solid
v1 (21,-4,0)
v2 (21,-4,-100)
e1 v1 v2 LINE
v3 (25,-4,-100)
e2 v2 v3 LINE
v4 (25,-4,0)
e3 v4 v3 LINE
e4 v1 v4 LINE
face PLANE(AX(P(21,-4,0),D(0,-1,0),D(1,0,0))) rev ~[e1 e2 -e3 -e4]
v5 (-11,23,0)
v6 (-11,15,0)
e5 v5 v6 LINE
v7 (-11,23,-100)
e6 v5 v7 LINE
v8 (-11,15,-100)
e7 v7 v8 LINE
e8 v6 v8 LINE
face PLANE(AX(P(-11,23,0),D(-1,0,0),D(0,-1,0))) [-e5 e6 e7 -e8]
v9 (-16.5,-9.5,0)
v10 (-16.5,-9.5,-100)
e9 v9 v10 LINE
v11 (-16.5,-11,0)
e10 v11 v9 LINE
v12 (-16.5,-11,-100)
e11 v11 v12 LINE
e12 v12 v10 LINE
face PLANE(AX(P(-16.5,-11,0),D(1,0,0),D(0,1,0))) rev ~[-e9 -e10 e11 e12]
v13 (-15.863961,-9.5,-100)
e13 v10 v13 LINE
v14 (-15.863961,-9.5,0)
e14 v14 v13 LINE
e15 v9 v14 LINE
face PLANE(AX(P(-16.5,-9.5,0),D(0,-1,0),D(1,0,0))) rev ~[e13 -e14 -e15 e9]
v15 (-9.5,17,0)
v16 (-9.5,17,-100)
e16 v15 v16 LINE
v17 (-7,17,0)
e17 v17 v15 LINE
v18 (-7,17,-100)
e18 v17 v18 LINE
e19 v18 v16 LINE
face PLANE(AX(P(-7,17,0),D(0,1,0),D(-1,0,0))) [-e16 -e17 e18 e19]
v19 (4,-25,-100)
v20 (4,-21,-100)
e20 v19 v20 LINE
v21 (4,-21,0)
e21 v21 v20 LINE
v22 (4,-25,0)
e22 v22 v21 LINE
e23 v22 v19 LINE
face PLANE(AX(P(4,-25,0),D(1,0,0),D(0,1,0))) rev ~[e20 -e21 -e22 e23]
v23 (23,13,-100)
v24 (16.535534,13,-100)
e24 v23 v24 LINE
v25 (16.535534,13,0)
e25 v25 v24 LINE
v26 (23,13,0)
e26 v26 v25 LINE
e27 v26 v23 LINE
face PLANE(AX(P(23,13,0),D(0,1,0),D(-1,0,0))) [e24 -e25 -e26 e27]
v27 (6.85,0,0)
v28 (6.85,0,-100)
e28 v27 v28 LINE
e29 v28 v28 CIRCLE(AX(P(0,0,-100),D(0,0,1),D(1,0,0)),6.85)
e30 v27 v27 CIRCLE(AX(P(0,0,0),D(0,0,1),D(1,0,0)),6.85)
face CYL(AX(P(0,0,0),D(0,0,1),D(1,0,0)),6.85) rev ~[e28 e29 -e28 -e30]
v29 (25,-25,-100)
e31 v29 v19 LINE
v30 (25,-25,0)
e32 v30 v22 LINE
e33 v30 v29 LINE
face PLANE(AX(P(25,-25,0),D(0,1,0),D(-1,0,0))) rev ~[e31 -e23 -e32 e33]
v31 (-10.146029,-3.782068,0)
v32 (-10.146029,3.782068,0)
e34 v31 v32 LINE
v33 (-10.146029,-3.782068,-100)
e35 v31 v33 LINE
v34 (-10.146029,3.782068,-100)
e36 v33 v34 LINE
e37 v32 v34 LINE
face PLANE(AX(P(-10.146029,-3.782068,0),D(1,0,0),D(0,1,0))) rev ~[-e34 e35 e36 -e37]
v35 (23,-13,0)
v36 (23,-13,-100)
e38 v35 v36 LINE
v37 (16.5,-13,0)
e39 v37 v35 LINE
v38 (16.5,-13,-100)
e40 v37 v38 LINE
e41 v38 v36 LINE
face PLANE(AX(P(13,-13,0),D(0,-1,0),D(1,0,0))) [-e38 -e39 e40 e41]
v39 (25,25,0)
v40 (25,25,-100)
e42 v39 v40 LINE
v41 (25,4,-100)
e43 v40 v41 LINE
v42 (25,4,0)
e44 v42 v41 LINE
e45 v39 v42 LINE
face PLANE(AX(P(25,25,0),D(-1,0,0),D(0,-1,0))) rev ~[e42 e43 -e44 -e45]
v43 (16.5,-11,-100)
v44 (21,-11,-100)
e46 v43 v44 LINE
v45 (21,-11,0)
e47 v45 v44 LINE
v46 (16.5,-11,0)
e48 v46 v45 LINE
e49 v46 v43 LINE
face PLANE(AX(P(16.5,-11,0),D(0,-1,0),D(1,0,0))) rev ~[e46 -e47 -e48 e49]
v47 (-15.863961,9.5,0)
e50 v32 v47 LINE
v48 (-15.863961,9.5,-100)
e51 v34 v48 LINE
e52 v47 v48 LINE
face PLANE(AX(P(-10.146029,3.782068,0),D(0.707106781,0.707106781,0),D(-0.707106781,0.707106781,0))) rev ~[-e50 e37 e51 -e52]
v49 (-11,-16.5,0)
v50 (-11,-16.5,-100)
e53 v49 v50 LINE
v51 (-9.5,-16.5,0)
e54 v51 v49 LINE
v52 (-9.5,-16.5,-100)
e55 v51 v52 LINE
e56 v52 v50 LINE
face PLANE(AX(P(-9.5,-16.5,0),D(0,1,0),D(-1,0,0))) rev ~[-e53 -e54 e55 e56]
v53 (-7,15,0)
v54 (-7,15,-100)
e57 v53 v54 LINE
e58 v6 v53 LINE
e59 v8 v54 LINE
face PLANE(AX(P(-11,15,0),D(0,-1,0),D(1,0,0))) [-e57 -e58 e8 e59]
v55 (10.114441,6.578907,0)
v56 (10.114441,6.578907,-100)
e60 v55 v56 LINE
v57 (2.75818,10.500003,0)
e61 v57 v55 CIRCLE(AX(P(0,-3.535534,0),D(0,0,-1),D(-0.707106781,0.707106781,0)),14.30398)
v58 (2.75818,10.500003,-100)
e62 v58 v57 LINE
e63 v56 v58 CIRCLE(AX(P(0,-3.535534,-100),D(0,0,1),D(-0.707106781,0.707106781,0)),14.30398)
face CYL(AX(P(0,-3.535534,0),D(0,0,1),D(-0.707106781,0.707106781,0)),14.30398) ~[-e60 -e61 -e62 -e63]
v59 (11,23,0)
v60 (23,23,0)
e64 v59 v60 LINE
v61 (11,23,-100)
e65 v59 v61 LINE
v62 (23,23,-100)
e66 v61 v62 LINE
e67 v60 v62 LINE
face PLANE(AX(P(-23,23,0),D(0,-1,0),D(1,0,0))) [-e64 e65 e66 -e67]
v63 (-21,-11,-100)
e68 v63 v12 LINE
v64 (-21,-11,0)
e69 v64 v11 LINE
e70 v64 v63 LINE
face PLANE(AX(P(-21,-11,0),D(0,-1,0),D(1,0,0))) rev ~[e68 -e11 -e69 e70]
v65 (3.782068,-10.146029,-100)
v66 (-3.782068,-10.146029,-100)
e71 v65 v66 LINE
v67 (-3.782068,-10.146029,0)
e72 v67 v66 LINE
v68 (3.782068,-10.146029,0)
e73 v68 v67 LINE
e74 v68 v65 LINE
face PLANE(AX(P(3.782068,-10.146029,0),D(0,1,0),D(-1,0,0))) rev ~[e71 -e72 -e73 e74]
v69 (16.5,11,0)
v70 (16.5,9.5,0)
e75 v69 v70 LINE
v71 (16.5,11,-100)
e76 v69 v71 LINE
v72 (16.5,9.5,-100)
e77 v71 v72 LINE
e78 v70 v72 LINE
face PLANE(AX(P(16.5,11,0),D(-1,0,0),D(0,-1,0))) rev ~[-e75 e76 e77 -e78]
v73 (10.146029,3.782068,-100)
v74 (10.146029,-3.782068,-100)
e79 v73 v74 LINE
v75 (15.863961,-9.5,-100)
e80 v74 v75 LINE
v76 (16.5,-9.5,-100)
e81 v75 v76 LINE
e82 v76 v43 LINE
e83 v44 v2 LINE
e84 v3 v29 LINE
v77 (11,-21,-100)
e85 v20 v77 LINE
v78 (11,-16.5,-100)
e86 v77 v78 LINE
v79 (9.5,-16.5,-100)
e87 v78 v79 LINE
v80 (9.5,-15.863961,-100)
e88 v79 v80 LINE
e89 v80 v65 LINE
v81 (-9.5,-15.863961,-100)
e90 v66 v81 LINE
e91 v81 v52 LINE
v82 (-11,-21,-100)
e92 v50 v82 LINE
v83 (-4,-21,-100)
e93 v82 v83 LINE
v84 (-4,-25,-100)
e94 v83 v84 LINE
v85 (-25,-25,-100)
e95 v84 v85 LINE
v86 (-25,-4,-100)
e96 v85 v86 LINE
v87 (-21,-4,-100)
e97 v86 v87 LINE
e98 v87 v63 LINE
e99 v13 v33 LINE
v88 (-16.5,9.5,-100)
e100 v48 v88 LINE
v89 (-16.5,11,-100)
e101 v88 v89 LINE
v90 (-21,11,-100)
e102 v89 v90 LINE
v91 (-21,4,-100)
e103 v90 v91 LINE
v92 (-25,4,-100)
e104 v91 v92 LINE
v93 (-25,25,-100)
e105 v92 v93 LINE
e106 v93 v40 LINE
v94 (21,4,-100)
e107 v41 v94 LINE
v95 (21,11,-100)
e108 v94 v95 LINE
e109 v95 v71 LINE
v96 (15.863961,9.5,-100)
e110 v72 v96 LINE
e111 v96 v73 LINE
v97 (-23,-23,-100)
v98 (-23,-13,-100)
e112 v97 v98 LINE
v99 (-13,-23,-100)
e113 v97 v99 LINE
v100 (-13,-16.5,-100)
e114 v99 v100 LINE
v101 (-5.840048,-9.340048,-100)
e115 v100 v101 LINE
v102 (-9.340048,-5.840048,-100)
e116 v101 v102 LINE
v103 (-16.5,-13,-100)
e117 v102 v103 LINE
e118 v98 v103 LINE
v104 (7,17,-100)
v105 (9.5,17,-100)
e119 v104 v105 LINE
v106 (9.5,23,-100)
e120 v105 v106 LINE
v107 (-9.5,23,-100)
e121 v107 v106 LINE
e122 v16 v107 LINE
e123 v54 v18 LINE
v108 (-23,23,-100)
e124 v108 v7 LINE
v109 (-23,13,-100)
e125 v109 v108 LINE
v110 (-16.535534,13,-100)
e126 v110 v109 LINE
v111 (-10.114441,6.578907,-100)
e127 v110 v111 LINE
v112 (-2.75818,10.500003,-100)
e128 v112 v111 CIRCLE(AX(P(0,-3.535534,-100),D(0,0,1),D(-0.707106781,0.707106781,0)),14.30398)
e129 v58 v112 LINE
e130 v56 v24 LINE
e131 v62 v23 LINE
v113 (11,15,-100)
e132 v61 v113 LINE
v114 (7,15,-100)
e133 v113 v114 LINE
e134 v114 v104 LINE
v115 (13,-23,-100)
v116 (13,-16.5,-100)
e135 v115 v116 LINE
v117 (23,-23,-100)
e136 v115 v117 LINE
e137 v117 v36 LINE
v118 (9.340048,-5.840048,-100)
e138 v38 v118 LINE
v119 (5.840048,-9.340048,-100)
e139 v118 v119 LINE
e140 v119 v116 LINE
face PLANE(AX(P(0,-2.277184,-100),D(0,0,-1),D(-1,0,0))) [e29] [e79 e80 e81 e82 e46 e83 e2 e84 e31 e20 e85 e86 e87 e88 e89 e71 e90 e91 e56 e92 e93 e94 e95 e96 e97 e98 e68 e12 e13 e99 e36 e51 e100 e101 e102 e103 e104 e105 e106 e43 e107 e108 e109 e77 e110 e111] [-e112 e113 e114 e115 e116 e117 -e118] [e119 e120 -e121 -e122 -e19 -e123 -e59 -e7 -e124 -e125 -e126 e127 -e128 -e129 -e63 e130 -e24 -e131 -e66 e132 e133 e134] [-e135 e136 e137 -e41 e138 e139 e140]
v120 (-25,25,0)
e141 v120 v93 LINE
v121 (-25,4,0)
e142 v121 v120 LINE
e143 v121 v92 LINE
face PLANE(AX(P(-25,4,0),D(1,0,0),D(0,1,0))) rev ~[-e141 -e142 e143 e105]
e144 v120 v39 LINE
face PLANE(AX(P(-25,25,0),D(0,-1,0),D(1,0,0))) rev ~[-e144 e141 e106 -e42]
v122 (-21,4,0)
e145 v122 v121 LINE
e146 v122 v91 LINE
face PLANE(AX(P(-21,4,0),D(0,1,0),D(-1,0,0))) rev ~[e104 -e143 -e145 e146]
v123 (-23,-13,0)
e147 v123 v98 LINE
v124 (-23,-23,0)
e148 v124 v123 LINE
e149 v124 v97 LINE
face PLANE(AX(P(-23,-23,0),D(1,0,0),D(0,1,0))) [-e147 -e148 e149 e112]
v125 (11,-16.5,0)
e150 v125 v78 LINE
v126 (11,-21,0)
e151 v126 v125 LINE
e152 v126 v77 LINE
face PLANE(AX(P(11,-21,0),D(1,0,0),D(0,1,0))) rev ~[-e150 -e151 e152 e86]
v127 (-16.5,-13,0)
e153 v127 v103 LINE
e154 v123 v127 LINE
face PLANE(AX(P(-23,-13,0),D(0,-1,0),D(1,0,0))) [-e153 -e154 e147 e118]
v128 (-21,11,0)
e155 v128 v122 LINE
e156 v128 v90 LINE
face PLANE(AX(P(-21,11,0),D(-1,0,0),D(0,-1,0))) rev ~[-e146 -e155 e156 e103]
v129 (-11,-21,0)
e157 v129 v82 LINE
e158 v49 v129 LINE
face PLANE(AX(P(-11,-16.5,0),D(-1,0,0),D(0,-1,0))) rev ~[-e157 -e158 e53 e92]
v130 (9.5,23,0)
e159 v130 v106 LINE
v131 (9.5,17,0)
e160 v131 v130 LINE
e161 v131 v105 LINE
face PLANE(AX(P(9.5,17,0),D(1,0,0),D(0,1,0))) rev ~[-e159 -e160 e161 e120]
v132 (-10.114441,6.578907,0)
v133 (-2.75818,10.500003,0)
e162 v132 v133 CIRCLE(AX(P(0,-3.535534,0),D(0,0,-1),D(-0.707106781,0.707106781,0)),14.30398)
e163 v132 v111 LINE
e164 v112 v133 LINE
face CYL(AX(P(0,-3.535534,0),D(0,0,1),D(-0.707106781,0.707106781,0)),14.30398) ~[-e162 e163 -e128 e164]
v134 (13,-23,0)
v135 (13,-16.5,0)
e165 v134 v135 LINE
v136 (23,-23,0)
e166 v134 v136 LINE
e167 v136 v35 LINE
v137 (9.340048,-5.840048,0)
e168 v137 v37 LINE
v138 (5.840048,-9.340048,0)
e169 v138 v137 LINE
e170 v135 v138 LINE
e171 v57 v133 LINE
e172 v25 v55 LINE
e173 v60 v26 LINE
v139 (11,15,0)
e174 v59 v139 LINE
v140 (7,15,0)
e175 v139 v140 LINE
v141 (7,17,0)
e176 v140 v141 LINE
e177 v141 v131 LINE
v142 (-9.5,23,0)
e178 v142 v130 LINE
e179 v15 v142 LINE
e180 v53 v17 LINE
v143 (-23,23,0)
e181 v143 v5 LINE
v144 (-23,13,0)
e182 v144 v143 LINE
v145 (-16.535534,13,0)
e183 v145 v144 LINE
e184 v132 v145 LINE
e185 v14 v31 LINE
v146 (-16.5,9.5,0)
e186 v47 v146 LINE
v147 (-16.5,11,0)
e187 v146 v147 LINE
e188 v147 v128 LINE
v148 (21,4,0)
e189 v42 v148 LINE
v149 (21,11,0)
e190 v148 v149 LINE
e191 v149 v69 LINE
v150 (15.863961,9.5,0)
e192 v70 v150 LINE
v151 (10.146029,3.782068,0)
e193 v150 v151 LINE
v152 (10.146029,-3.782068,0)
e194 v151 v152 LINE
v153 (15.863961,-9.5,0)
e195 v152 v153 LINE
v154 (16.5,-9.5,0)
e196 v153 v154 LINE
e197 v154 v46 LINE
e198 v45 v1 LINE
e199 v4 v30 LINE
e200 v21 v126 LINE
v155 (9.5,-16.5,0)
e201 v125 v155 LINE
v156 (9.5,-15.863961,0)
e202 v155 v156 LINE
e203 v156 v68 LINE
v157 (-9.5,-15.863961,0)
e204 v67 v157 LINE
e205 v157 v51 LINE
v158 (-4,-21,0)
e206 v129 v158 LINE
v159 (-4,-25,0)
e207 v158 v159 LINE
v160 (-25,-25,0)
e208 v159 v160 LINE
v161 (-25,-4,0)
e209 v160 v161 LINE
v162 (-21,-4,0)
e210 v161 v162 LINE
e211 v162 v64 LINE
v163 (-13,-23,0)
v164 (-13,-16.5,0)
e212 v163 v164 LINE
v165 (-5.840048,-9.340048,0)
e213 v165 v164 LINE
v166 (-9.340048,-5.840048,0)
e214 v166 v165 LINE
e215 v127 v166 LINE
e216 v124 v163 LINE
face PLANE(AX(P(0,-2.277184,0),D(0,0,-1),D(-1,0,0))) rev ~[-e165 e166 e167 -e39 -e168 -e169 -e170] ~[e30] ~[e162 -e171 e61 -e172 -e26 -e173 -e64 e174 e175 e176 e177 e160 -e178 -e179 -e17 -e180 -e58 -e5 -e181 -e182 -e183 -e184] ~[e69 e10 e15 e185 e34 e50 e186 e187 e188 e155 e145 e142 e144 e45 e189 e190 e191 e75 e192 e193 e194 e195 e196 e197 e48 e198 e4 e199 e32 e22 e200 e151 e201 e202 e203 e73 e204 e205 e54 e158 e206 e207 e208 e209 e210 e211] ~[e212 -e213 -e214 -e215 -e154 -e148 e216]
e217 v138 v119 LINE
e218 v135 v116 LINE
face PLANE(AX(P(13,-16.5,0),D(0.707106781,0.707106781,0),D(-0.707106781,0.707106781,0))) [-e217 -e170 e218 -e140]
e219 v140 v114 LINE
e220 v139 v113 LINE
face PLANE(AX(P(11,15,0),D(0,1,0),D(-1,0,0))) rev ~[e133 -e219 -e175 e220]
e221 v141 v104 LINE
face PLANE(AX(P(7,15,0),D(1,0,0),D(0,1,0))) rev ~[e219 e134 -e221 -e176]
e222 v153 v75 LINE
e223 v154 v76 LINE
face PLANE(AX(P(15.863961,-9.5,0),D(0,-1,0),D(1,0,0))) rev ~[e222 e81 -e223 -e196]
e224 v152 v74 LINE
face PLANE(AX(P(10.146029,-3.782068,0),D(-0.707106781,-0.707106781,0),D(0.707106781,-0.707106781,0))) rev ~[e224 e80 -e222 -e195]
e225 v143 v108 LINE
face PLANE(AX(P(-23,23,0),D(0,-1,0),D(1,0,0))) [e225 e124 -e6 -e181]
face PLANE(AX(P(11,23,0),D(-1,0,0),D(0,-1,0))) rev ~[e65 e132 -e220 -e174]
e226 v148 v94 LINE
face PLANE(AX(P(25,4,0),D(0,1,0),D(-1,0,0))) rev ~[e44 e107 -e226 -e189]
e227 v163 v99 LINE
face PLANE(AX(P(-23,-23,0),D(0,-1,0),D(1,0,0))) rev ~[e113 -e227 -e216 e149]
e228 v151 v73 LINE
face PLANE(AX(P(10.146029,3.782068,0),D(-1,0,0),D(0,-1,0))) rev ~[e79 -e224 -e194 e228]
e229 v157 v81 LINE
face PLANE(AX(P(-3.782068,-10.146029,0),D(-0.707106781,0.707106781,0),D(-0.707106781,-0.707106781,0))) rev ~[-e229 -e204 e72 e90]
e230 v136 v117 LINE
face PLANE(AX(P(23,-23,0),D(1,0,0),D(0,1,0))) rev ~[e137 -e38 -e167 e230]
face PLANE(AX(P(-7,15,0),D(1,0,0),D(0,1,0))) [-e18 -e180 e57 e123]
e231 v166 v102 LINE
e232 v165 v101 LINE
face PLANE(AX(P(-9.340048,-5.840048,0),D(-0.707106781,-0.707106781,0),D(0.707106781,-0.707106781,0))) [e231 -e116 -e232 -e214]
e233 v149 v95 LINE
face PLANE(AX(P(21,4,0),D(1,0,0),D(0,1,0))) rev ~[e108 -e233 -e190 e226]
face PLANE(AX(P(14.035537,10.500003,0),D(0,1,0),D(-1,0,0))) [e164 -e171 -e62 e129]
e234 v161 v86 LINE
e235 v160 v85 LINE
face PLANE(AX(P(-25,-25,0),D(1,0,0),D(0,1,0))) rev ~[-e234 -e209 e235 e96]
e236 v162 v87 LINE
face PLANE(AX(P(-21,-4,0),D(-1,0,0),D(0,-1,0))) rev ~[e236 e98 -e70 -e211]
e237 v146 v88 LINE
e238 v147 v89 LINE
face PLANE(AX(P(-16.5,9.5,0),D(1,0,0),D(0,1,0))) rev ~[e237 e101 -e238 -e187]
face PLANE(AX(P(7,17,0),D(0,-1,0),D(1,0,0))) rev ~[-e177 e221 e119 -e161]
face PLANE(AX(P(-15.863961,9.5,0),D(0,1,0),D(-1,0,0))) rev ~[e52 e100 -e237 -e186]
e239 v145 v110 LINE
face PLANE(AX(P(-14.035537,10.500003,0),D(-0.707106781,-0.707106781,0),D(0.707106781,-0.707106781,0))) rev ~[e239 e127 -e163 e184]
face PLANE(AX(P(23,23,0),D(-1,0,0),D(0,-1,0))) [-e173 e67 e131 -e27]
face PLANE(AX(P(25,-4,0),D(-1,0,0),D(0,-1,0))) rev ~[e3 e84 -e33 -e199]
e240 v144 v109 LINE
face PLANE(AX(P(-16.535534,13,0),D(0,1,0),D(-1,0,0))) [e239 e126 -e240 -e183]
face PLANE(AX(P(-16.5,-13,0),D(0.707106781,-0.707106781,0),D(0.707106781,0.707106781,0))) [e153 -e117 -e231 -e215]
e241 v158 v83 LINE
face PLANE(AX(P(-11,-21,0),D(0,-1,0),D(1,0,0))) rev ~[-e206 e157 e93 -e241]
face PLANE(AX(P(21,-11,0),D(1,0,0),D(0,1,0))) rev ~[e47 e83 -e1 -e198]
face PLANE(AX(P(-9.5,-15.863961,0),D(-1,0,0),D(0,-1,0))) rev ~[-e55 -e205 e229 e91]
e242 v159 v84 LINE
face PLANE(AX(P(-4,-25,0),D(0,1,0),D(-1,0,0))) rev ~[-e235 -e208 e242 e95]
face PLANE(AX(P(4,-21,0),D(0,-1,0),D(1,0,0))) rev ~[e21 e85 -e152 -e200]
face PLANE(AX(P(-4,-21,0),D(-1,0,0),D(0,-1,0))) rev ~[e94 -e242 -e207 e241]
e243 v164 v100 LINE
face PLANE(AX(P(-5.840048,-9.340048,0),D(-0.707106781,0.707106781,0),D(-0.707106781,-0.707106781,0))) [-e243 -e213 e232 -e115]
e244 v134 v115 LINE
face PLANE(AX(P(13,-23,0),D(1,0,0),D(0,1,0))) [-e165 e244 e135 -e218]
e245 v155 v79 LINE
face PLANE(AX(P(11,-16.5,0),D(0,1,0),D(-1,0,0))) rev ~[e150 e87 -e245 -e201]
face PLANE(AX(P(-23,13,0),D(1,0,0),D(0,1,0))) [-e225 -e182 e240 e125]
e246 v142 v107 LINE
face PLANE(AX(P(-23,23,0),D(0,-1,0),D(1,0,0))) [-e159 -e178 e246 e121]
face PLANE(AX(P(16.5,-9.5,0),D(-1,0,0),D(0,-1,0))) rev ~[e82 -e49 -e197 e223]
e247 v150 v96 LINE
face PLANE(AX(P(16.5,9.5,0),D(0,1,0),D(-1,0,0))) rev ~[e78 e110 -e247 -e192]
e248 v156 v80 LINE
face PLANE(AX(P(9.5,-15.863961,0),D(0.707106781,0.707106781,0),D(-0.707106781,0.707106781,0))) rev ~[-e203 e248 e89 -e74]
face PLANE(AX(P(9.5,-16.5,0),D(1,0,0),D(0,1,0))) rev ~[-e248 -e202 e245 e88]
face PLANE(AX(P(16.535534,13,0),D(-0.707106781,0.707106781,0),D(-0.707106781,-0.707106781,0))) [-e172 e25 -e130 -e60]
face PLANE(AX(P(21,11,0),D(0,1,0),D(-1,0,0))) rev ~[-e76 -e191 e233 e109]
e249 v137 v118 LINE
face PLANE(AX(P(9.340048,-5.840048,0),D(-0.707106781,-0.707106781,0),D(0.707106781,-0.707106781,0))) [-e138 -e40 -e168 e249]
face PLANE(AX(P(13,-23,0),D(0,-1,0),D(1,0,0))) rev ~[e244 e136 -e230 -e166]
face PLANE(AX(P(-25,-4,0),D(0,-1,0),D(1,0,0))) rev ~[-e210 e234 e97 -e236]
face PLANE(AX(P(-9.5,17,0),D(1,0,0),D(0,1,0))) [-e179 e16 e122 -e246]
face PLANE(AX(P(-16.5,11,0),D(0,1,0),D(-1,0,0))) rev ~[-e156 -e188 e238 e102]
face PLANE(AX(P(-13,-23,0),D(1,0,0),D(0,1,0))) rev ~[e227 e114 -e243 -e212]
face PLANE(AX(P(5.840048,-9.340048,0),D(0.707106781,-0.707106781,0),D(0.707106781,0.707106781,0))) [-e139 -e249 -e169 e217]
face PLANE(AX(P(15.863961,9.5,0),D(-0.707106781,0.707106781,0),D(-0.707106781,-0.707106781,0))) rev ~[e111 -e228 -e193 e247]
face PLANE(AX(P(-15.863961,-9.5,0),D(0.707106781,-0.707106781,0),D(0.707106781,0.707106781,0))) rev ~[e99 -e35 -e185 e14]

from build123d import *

# Parameters (mm, degrees)
SKETCH_A01_8_R     = 6.85
SKETCH_A01_8_W     = 10
SKETCH_A01_8_H     = 10
EXTRUDE1_DEPTH     = 100
CUT_EXTRUDE1_DEPTH = 101
CIRPATTERN1_COUNT  = 2
CIRPATTERN1_ANGLE  = 90
CUT_EXTRUDE2_DEPTH = 101
EXTRUDE3_DEPTH     = 100


with BuildPart() as part:
    # Sketch A01-8 → Extrude1 (new body)
    with BuildSketch(Plane.XY):
        Polygon((-16.5, -11), (-16.5, -9.5), (-15.863961, -9.5), (-10.14602885, -3.78206785), (-10.14602885, 3.78206785), (-15.863961, 9.5), (-16.5, 9.5), (-16.5, 11), (-21, 11), (-21, 4), (-25, 4), (-25, 25), (25, 25), (25, 4), (21, 4), (21, 11), (16.5, 11), (16.5, 9.5), (15.863961, 9.5), (10.14602885, 3.78206785), (10.14602885, -3.78206785), (15.863961, -9.5), (16.5, -9.5), (16.5, -11), (21, -11), (21, -4), (25, -4), (25, -25), (4, -25), (4, -21), (11, -21), (11, -16.5), (9.5, -16.5), (9.5, -15.863961), (3.78206785, -10.14602885), (-3.78206785, -10.14602885), (-9.5, -15.863961), (-9.5, -16.5), (-11, -16.5), (-11, -21), (-4, -21), (-4, -25), (-25, -25), (-25, -4), (-21, -4), (-21, -11), align=None)
        Circle(SKETCH_A01_8_R, mode=Mode.SUBTRACT)
        with Locations((-18, -18)):
            Rectangle(SKETCH_A01_8_W, SKETCH_A01_8_H, mode=Mode.SUBTRACT)
        with Locations((18, -18)):
            Rectangle(SKETCH_A01_8_W, SKETCH_A01_8_H, mode=Mode.SUBTRACT)
        Polygon((23, 13), (16.535534, 13), (14.035536811, 10.500002811), (-14.035536811, 10.500002811), (-16.535534, 13), (-23, 13), (-23, 23), (23, 23), align=None, mode=Mode.SUBTRACT)
    extrude(amount=-EXTRUDE1_DEPTH)

    # Sketch1 → Cut-Extrude1 (cut, through all)
    with BuildSketch(Plane.XY):
        Polygon((-16.5, -13), (-9.340048075, -5.840048075), (-5.840048075, -9.340048075), (-13, -16.5), align=None)
    cut_extrude1 = extrude(amount=-CUT_EXTRUDE1_DEPTH, mode=Mode.SUBTRACT)

    # CirPattern1: Cut-Extrude1 ×2 about axis
    cirpattern1_axis = Axis((0, 0, 0), (0, 0, 1))
    for i in range(1, CIRPATTERN1_COUNT):
        add(cut_extrude1.rotate(cirpattern1_axis, i * CIRPATTERN1_ANGLE / (CIRPATTERN1_COUNT - 1)), mode=Mode.SUBTRACT)

    # Sketch2 → Cut-Extrude2 (cut, through all)
    with BuildSketch(Plane.XY):
        with BuildLine():
            Line((-14.035536811, 10.500002811), (-10.114441476, 6.578907476))
            ThreePointArc((-10.114441476, 6.578907476), (0, 10.768446311), (10.114441476, 6.578907476))
            Line((10.114441476, 6.578907476), (14.035536811, 10.500002811))
            ThreePointArc((14.035536811, 10.500002811), (0, 16.313712513), (-14.035536811, 10.500002811))
        make_face()
    extrude(amount=-CUT_EXTRUDE2_DEPTH, mode=Mode.SUBTRACT)

    # Sketch3 → Extrude3 (add, through all)
    with BuildSketch(Plane.XY):
        Polygon((-11, 23), (-11, 15), (-7, 15), (-7, 17), (-9.5, 17), (-9.5, 23), align=None)
        Polygon((11, 23), (11, 15), (7, 15), (7, 17), (9.5, 17), (9.5, 23), align=None)
    extrude(amount=-EXTRUDE3_DEPTH)


solid = part.part
